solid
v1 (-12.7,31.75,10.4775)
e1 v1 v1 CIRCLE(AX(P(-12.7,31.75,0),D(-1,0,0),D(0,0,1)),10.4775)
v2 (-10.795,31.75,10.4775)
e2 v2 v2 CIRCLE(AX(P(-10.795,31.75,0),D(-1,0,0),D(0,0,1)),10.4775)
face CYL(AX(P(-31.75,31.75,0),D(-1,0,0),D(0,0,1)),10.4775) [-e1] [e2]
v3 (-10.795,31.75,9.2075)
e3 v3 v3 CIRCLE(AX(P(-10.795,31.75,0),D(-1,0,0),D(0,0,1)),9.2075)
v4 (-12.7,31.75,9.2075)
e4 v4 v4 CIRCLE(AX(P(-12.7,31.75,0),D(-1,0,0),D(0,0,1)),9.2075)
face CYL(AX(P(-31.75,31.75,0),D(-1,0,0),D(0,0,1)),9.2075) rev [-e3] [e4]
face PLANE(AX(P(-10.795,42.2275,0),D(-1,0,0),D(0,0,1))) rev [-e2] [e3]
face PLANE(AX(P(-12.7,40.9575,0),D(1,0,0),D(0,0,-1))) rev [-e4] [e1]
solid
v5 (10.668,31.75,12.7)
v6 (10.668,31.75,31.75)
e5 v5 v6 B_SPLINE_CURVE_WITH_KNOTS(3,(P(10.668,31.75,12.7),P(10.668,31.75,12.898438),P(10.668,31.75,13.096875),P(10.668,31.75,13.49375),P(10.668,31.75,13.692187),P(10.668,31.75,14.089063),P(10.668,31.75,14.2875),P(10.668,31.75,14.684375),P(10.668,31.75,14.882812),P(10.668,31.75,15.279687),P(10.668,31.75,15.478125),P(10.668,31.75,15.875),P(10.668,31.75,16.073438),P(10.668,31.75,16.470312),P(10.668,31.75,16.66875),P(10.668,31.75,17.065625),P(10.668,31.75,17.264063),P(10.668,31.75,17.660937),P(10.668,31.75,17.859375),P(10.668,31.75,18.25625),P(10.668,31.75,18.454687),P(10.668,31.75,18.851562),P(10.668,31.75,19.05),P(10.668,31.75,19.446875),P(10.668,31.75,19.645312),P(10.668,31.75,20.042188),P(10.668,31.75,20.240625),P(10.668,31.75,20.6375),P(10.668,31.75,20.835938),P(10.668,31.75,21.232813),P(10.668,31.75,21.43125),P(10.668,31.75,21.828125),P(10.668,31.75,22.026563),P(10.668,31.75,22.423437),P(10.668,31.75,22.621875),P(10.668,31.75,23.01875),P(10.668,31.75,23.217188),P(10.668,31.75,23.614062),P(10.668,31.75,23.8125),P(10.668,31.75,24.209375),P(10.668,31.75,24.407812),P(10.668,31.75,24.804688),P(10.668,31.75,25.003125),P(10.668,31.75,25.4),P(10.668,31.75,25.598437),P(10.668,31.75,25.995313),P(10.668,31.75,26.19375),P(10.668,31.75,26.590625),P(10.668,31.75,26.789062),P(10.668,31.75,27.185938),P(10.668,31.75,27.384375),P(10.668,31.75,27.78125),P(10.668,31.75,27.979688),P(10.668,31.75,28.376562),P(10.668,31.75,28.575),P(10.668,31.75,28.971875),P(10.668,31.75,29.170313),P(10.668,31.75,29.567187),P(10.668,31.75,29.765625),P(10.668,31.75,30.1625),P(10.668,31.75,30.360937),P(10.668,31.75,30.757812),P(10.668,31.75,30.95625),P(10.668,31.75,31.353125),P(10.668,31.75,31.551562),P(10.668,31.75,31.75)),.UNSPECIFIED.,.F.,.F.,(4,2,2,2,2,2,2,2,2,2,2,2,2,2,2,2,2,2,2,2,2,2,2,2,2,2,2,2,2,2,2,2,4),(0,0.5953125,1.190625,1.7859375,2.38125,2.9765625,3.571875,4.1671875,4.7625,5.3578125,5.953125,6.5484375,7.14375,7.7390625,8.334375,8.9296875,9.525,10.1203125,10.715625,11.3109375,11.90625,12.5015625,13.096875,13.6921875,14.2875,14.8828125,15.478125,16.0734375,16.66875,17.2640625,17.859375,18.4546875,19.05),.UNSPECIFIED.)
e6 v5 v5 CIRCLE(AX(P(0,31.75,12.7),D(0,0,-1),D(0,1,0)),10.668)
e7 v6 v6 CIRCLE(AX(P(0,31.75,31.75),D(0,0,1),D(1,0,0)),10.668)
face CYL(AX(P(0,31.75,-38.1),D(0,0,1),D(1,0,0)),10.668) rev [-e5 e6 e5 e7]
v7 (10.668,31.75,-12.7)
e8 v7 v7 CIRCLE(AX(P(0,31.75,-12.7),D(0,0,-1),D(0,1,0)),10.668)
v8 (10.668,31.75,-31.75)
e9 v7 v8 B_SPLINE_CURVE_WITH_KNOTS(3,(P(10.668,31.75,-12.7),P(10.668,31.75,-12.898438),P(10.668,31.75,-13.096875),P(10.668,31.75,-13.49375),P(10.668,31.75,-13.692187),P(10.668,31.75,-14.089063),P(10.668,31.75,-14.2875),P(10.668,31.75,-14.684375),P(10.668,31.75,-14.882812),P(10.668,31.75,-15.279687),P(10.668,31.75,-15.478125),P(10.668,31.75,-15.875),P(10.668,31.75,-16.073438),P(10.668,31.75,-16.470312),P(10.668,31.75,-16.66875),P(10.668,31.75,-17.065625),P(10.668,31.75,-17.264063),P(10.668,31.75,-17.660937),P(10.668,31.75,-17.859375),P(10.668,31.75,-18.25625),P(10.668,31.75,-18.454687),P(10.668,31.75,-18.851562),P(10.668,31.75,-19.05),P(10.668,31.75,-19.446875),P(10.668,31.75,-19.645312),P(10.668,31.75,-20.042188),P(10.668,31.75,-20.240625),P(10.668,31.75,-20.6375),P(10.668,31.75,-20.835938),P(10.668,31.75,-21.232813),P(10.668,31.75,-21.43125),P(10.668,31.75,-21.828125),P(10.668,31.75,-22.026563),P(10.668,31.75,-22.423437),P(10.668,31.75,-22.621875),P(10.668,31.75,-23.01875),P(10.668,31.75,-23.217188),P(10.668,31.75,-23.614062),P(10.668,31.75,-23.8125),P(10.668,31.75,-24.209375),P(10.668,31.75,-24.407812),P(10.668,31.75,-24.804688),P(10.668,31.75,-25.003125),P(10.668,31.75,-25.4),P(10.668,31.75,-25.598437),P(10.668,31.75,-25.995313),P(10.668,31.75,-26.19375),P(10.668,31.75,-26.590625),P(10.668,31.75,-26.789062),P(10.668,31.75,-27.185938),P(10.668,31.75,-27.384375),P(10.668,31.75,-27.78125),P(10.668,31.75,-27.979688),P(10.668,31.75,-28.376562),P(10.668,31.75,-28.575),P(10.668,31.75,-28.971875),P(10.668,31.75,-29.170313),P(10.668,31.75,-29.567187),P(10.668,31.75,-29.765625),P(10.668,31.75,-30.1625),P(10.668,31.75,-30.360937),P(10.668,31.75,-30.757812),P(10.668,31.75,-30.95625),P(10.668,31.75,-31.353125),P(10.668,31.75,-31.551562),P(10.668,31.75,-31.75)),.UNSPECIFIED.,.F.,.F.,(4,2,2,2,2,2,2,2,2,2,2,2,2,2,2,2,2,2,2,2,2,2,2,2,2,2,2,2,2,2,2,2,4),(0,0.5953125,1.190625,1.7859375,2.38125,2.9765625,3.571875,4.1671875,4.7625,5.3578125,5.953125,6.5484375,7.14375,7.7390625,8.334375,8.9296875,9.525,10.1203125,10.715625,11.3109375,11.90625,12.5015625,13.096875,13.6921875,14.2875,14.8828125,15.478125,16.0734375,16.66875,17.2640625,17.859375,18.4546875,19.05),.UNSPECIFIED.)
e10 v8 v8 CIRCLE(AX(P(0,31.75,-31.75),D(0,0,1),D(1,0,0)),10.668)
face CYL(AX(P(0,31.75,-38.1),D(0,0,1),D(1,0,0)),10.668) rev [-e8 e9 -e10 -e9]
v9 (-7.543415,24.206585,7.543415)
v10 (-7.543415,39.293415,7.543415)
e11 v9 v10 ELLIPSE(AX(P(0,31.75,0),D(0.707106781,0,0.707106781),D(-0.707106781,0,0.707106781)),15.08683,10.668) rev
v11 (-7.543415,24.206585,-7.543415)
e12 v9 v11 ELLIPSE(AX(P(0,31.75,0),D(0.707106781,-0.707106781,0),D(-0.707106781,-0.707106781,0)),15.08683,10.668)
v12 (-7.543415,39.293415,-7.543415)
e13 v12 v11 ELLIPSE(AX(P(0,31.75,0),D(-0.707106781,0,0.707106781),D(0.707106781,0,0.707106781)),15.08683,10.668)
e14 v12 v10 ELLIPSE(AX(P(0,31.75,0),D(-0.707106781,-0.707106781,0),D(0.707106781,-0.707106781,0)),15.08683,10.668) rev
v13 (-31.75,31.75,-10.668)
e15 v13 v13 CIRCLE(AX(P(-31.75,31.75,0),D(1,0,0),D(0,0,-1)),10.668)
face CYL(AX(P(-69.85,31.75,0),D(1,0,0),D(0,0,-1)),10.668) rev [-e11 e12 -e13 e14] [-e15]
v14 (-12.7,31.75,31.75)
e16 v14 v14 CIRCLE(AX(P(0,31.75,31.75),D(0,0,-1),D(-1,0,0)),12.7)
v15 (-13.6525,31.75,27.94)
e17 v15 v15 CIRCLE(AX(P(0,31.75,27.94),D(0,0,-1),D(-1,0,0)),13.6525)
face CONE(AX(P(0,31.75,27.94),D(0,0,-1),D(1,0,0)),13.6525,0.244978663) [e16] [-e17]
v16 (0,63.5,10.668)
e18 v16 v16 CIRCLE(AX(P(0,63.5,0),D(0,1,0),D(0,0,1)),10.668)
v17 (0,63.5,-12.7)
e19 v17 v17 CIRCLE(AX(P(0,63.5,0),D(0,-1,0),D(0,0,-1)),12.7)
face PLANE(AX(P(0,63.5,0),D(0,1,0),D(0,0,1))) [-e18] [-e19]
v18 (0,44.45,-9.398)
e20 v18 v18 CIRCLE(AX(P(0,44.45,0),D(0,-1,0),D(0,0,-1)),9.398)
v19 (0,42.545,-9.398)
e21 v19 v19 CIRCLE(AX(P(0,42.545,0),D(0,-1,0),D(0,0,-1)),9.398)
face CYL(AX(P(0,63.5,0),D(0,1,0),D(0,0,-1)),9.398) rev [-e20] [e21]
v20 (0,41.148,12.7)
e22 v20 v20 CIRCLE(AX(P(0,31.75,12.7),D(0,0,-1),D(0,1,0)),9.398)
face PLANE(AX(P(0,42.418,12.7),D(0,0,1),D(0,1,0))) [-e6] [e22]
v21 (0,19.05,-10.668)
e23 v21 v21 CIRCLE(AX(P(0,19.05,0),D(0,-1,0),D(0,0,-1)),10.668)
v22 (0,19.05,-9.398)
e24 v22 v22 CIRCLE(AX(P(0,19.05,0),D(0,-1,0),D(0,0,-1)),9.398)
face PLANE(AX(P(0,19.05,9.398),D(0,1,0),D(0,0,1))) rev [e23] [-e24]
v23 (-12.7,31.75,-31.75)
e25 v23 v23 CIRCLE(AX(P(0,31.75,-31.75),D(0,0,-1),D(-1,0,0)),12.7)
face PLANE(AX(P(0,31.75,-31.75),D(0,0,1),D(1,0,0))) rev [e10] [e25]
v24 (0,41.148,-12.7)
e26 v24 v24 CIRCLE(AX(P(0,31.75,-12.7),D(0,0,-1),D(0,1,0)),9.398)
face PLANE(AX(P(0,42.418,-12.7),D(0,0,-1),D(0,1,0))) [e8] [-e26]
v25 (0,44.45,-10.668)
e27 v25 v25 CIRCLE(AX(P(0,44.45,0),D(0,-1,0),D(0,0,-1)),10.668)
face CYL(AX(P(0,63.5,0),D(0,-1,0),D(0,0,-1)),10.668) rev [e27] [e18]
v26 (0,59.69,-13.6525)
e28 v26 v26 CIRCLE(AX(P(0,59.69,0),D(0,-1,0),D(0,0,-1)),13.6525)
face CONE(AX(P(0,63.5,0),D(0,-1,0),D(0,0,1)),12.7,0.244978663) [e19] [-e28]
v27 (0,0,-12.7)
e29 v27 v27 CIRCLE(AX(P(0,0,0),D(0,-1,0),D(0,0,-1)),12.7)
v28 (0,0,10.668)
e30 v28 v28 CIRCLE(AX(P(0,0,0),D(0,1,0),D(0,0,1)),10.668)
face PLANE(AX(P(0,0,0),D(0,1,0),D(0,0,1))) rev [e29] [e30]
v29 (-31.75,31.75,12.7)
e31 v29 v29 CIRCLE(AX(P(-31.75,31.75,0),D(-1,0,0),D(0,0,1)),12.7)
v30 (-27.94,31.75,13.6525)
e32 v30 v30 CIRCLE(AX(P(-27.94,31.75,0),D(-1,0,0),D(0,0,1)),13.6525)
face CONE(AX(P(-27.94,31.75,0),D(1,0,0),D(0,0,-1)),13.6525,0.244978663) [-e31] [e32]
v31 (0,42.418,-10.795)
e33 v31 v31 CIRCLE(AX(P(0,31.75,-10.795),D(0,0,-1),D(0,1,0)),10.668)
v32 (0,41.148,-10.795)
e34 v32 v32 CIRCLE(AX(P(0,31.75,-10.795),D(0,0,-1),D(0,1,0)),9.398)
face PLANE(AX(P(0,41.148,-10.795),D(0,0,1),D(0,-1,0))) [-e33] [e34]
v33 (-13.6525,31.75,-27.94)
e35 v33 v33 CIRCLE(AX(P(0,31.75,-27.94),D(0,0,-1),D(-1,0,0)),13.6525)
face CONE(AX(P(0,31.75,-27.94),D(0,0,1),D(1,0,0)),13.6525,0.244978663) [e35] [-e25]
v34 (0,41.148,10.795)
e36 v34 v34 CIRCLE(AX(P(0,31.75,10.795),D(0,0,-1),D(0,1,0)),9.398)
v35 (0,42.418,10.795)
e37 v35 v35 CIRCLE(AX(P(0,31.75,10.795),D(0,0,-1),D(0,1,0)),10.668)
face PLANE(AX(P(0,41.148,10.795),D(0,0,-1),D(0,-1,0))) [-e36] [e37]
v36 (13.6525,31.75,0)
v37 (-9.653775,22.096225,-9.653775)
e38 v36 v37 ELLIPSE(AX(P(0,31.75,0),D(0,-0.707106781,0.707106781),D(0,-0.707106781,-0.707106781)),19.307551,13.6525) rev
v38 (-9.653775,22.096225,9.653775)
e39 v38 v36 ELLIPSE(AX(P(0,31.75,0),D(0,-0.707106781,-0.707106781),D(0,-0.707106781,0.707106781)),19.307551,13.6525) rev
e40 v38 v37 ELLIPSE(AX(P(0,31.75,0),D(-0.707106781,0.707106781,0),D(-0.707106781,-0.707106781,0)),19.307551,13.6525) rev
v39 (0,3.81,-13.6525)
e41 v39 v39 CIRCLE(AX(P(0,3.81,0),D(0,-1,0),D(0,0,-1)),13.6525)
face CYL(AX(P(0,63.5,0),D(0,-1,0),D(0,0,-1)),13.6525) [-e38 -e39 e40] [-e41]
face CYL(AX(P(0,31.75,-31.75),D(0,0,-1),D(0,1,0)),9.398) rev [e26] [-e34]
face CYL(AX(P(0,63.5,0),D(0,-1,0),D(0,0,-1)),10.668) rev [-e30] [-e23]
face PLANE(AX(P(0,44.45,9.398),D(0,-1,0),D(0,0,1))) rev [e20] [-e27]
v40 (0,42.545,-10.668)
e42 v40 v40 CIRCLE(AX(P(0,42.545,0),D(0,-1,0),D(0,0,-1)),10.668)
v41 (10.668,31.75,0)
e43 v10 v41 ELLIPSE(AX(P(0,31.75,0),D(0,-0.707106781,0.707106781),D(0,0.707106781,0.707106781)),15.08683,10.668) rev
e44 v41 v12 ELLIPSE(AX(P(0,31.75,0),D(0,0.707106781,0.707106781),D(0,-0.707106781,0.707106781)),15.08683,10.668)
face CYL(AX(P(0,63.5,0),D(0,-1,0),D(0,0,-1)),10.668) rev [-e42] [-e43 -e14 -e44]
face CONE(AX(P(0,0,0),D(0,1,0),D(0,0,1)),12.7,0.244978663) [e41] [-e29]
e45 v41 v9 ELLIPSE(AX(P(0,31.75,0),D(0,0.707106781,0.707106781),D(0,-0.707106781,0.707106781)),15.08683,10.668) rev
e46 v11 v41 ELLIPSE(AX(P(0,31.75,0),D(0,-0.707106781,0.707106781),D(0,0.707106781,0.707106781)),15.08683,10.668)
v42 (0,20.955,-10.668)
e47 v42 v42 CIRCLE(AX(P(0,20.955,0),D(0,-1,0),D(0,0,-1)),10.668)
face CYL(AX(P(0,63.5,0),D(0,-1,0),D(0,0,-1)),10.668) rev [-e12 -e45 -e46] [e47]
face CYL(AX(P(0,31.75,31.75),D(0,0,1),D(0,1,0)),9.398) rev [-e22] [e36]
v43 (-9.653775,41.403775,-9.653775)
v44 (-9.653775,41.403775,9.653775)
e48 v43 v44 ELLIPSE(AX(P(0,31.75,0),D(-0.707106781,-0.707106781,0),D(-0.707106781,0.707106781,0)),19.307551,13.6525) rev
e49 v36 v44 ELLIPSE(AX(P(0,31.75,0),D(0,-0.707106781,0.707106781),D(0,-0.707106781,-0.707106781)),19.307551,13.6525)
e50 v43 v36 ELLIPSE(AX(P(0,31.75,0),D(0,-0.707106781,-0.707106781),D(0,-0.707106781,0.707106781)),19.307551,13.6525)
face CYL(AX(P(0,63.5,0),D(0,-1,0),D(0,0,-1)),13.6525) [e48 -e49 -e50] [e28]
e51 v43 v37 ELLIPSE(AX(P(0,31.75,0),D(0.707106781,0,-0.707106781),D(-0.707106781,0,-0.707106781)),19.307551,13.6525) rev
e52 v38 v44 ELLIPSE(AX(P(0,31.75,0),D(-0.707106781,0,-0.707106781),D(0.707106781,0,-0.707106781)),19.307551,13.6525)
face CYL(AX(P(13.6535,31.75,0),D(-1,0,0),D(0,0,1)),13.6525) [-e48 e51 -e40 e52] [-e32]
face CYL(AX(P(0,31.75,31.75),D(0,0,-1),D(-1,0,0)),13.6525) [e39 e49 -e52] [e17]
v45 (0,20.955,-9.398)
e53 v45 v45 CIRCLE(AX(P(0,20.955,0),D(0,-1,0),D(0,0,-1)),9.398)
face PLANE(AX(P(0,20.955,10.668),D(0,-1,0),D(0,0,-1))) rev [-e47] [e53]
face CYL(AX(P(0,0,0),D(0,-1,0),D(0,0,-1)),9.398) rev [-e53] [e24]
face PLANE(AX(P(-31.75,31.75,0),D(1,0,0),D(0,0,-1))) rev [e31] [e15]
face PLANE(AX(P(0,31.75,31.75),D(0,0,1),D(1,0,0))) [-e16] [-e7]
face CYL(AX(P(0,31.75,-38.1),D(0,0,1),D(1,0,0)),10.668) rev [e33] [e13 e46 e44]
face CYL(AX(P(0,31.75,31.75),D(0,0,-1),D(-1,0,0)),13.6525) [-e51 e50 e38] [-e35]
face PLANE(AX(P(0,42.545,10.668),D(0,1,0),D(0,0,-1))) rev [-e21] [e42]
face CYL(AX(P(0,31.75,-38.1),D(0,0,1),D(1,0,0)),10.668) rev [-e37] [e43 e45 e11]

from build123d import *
from build123d.topology import SkipClean

# Parameters (mm, degrees)
SKETCH1_R                = 13.6525
SKETCH1_R_2              = 10.668
BOSS_EXTRUDE1_DEPTH      = 63.5
SKETCH3_R                = 10.668
CUT_EXTRUDE2_DEPTH       = 38.1
BOSS_EXTRUDE2_START      = 63.5
SKETCH4_R                = 13.6525
SKETCH4_R_2              = 10.668
BOSS_EXTRUDE2_DEPTH      = 63.5
SKETCH5_R                = 10.668
CUT_EXTRUDE3_DEPTH       = 69.85
BOSS_EXTRUDE3_REACH      = 86.272
BOSS_EXTRUDE3_END_RADIUS = 13.6525
SKETCH6_R                = 13.6525
SKETCH6_R_2              = 10.668
CUT_EXTRUDE5_DEPTH       = 304.8
CUT_EXTRUDE5_DEPTH_BACK  = 69.85
SKETCH8_R                = 10.668
SKETCH11_W               = 1.27
SKETCH11_H               = 1.905
SKETCH12_W               = 1.905
SKETCH12_H               = 1.27
SKETCH13_W               = 1.905
SKETCH13_H               = 1.27
SKETCH18_R               = 10.668
CUT_EXTRUDE6_DEPTH       = 63.5
SKETCH19_W               = 1.27
SKETCH19_H               = 1.905


with BuildPart() as part:
    # Sketch1 → Boss-Extrude1 (new body)
    with BuildSketch(Plane(origin=(0, 0, 0), x_dir=(1, 0, 0), z_dir=(0, 1, 0))):
        with Locations(Location((0, 0, 0), (0, 0, 270))):
            Circle(SKETCH1_R)
        with Locations(Location((0, 0, 0), (0, 0, 270))):
            Circle(SKETCH1_R_2, mode=Mode.SUBTRACT)
    extrude(amount=BOSS_EXTRUDE1_DEPTH)

    # Sketch3 → Cut-Extrude2 (cut)
    with BuildSketch(Plane.XY):
        with Locations((0, 31.75)):
            Circle(SKETCH3_R)
    extrude(amount=-CUT_EXTRUDE2_DEPTH, mode=Mode.SUBTRACT)

    # Sketch4 → Boss-Extrude2 (add)
    with SkipClean():  # the faces are left unmerged after this step: merging them gives an invalid solid
        with BuildSketch(Plane.XY.offset(-31.75).offset(BOSS_EXTRUDE2_START)):
            with Locations((0, 31.75)):
                Circle(SKETCH4_R)
            with Locations(Location((0, 31.75, 0), (0, 0, 180))):
                Circle(SKETCH4_R_2, mode=Mode.SUBTRACT)
        extrude(amount=-BOSS_EXTRUDE2_DEPTH)

    # Sketch5 → Cut-Extrude3 (cut)
    with SkipClean():  # the faces are left unmerged after this step: merging them gives an invalid solid
        with BuildSketch(Plane(origin=(0, 0, 0), x_dir=(0, 0, -1), z_dir=(1, 0, 0))):
            with Locations(Location((0, 31.75, 0), (0, 0, 225.000000025))):
                Circle(SKETCH5_R)
        extrude(amount=-CUT_EXTRUDE3_DEPTH, mode=Mode.SUBTRACT)

    # Boss-Extrude3: up to this cylinder (the profile starts outside it)
    with SkipClean():  # the faces are left unmerged after this step: merging them gives an invalid solid
        boss_extrude3_end = Plane(origin=(0, 41.130725, 0), z_dir=(0, -1, 0)) * Cylinder(BOSS_EXTRUDE3_END_RADIUS, 200.849, mode=Mode.PRIVATE)
        # Sketch6 → Boss-Extrude3 (add, up to the surface)
        with BuildSketch(Plane(origin=(-31.75, 0, 0), x_dir=(0, 0, -1), z_dir=(1, 0, 0)), mode=Mode.PRIVATE) as boss_extrude3_sk1:
            with Locations(Location((0, 31.75, 0), (0, 0, 225))):
                Circle(SKETCH6_R)
            with Locations((0, 31.75)):
                Circle(SKETCH6_R_2, mode=Mode.SUBTRACT)
        boss_extrude3_tool1 = extrude(boss_extrude3_sk1.sketch, amount=BOSS_EXTRUDE3_REACH, mode=Mode.PRIVATE) - boss_extrude3_end
        add(boss_extrude3_tool1.solids().sort_by_distance((-31.75, 41.130725, -9.380725))[0])

    # Sketch8 → Cut-Extrude5 (cut, two sides: drawn at the far end of the back side and taken through both)
    with BuildSketch(Plane.XY.offset(-CUT_EXTRUDE5_DEPTH_BACK)):
        with Locations((0, 31.75)):
            Circle(SKETCH8_R)
    extrude(amount=CUT_EXTRUDE5_DEPTH + CUT_EXTRUDE5_DEPTH_BACK, mode=Mode.SUBTRACT)

    # Sketch11 → Revolve5 (revolve)
    with SkipClean():  # the faces are left unmerged after this step: merging them gives an invalid solid
        with BuildSketch(Plane.XY, mode=Mode.PRIVATE) as revolve5_sk:
            with Locations((-9.8425, 20.0025)):
                Rectangle(SKETCH11_W, SKETCH11_H)
        revolve(revolve5_sk.sketch.rotate(Axis((0, 0, 0), (0, 1, 0)), 315), axis=Axis((0, 0, 0), (0, 1, 0)))

    # Sketch13 → Revolve7 (revolve)
    with SkipClean():  # the faces are left unmerged after this step: merging them gives an invalid solid
        with BuildSketch(Plane(origin=(0, 0, 0), x_dir=(0, 0, -1), z_dir=(1, 0, 0)), mode=Mode.PRIVATE) as revolve7_sk:
            with Locations((11.7475, 41.783)):
                Rectangle(SKETCH13_W, SKETCH13_H)
        revolve7 = revolve(revolve7_sk.sketch.rotate(Axis((0, 31.75, -31.75), (0, 0, 1)), 270), axis=Axis((0, 31.75, -31.75), (0, 0, 1)))

    # Sketch14 → Cut-Revolve1 (revolve, cut)
    with SkipClean():  # the faces are left unmerged after this step: merging them gives an invalid solid
        with BuildSketch(Plane(origin=(0, 0, 0), x_dir=(0, 0, -1), z_dir=(1, 0, 0)), mode=Mode.PRIVATE) as cut_revolve1_sk:
            Polygon((13.6525, 0), (13.6525, 3.81), (12.7, 0), align=None)
        cut_revolve1 = revolve(cut_revolve1_sk.sketch.rotate(Axis((0, 0, 0), (0, 1, 0)), 45), axis=Axis((0, 0, 0), (0, 1, 0)), mode=Mode.SUBTRACT)

    # Mirror1: Cut-Revolve1 across plane
    with SkipClean():  # the faces are left unmerged after this step: merging them gives an invalid solid
        add(cut_revolve1.mirror(Plane.ZX.offset(31.75)), mode=Mode.SUBTRACT)

    # Sketch15 → Cut-Revolve2 (revolve, cut)
    with SkipClean():  # the faces are left unmerged after this step: merging them gives an invalid solid
        with BuildSketch(Plane(origin=(0, 31.75, 0), x_dir=(1, 0, 0), z_dir=(0, 1, 0)), mode=Mode.PRIVATE) as cut_revolve2_sk:
            Polygon((-13.6525, 31.75), (-13.6525, 27.94), (-12.7, 31.75), align=None)
        cut_revolve2 = revolve(cut_revolve2_sk.sketch.rotate(Axis((0, 31.75, -31.75), (0, 0, 1)), 270), axis=Axis((0, 31.75, -31.75), (0, 0, 1)), mode=Mode.SUBTRACT)

    # Sketch16 → Cut-Revolve3 (revolve, cut)
    with SkipClean():  # the faces are left unmerged after this step: merging them gives an invalid solid
        with BuildSketch(Plane(origin=(0, 31.75, 0), x_dir=(1, 0, 0), z_dir=(0, 1, 0))):
            Polygon((-31.75, -13.6525), (-27.94, -13.6525), (-31.75, -12.7), align=None)
        revolve(axis=Axis((-31.75, 31.75, 0), (1, 0, 0)), mode=Mode.SUBTRACT)

    # Sketch18 → Cut-Extrude6 (cut)
    with SkipClean():  # the faces are left unmerged after this step: merging them gives an invalid solid
        with BuildSketch(Plane.XZ):
            with Locations(Location((0, 0, 0), (0, 0, 225))):
                Circle(SKETCH18_R)
        extrude(amount=-CUT_EXTRUDE6_DEPTH, mode=Mode.SUBTRACT)

    # Mirror2: Cut-Revolve2 across plane
    with SkipClean():  # the faces are left unmerged after this step: merging them gives an invalid solid
        add(cut_revolve2.mirror(Plane.XY), mode=Mode.SUBTRACT)

    # Mirror3: Revolve7 across plane
    with SkipClean():  # the faces are left unmerged after this step: merging them gives an invalid solid
        add(revolve7.mirror(Plane(origin=(0, 0, 0), x_dir=(1, 0, 0), z_dir=(0, 0, -1))))

    # Sketch19 → Revolve8 (revolve)
    with SkipClean():  # the faces are left unmerged after this step: merging them gives an invalid solid
        with BuildSketch(Plane(origin=(0, 0, 0), x_dir=(0, 0, -1), z_dir=(1, 0, 0)), mode=Mode.PRIVATE) as revolve8_sk:
            with Locations((-10.033, 20.0025)):
                Rectangle(SKETCH19_W, SKETCH19_H)
        revolve8 = revolve(revolve8_sk.sketch.rotate(Axis((0, 0, 0), (0, 1, 0)), 180), axis=Axis((0, 0, 0), (0, 1, 0)))

    # Mirror4: Revolve8 across plane
    with SkipClean():  # the faces are left unmerged after this step: merging them gives an invalid solid
        add(revolve8.mirror(Plane.ZX.offset(31.75)))


with BuildPart() as body_2:
    # Sketch12 → Revolve6 (revolve)
    with BuildSketch(Plane.XY, mode=Mode.PRIVATE) as revolve6_sk:
        with Locations((-11.7475, 41.5925)):
            Rectangle(SKETCH12_W, SKETCH12_H)
    revolve(revolve6_sk.sketch.rotate(Axis((-31.75, 31.75, 0), (1, 0, 0)), 90), axis=Axis((-31.75, 31.75, 0), (1, 0, 0)))


solid = Compound([part.part, body_2.part])
